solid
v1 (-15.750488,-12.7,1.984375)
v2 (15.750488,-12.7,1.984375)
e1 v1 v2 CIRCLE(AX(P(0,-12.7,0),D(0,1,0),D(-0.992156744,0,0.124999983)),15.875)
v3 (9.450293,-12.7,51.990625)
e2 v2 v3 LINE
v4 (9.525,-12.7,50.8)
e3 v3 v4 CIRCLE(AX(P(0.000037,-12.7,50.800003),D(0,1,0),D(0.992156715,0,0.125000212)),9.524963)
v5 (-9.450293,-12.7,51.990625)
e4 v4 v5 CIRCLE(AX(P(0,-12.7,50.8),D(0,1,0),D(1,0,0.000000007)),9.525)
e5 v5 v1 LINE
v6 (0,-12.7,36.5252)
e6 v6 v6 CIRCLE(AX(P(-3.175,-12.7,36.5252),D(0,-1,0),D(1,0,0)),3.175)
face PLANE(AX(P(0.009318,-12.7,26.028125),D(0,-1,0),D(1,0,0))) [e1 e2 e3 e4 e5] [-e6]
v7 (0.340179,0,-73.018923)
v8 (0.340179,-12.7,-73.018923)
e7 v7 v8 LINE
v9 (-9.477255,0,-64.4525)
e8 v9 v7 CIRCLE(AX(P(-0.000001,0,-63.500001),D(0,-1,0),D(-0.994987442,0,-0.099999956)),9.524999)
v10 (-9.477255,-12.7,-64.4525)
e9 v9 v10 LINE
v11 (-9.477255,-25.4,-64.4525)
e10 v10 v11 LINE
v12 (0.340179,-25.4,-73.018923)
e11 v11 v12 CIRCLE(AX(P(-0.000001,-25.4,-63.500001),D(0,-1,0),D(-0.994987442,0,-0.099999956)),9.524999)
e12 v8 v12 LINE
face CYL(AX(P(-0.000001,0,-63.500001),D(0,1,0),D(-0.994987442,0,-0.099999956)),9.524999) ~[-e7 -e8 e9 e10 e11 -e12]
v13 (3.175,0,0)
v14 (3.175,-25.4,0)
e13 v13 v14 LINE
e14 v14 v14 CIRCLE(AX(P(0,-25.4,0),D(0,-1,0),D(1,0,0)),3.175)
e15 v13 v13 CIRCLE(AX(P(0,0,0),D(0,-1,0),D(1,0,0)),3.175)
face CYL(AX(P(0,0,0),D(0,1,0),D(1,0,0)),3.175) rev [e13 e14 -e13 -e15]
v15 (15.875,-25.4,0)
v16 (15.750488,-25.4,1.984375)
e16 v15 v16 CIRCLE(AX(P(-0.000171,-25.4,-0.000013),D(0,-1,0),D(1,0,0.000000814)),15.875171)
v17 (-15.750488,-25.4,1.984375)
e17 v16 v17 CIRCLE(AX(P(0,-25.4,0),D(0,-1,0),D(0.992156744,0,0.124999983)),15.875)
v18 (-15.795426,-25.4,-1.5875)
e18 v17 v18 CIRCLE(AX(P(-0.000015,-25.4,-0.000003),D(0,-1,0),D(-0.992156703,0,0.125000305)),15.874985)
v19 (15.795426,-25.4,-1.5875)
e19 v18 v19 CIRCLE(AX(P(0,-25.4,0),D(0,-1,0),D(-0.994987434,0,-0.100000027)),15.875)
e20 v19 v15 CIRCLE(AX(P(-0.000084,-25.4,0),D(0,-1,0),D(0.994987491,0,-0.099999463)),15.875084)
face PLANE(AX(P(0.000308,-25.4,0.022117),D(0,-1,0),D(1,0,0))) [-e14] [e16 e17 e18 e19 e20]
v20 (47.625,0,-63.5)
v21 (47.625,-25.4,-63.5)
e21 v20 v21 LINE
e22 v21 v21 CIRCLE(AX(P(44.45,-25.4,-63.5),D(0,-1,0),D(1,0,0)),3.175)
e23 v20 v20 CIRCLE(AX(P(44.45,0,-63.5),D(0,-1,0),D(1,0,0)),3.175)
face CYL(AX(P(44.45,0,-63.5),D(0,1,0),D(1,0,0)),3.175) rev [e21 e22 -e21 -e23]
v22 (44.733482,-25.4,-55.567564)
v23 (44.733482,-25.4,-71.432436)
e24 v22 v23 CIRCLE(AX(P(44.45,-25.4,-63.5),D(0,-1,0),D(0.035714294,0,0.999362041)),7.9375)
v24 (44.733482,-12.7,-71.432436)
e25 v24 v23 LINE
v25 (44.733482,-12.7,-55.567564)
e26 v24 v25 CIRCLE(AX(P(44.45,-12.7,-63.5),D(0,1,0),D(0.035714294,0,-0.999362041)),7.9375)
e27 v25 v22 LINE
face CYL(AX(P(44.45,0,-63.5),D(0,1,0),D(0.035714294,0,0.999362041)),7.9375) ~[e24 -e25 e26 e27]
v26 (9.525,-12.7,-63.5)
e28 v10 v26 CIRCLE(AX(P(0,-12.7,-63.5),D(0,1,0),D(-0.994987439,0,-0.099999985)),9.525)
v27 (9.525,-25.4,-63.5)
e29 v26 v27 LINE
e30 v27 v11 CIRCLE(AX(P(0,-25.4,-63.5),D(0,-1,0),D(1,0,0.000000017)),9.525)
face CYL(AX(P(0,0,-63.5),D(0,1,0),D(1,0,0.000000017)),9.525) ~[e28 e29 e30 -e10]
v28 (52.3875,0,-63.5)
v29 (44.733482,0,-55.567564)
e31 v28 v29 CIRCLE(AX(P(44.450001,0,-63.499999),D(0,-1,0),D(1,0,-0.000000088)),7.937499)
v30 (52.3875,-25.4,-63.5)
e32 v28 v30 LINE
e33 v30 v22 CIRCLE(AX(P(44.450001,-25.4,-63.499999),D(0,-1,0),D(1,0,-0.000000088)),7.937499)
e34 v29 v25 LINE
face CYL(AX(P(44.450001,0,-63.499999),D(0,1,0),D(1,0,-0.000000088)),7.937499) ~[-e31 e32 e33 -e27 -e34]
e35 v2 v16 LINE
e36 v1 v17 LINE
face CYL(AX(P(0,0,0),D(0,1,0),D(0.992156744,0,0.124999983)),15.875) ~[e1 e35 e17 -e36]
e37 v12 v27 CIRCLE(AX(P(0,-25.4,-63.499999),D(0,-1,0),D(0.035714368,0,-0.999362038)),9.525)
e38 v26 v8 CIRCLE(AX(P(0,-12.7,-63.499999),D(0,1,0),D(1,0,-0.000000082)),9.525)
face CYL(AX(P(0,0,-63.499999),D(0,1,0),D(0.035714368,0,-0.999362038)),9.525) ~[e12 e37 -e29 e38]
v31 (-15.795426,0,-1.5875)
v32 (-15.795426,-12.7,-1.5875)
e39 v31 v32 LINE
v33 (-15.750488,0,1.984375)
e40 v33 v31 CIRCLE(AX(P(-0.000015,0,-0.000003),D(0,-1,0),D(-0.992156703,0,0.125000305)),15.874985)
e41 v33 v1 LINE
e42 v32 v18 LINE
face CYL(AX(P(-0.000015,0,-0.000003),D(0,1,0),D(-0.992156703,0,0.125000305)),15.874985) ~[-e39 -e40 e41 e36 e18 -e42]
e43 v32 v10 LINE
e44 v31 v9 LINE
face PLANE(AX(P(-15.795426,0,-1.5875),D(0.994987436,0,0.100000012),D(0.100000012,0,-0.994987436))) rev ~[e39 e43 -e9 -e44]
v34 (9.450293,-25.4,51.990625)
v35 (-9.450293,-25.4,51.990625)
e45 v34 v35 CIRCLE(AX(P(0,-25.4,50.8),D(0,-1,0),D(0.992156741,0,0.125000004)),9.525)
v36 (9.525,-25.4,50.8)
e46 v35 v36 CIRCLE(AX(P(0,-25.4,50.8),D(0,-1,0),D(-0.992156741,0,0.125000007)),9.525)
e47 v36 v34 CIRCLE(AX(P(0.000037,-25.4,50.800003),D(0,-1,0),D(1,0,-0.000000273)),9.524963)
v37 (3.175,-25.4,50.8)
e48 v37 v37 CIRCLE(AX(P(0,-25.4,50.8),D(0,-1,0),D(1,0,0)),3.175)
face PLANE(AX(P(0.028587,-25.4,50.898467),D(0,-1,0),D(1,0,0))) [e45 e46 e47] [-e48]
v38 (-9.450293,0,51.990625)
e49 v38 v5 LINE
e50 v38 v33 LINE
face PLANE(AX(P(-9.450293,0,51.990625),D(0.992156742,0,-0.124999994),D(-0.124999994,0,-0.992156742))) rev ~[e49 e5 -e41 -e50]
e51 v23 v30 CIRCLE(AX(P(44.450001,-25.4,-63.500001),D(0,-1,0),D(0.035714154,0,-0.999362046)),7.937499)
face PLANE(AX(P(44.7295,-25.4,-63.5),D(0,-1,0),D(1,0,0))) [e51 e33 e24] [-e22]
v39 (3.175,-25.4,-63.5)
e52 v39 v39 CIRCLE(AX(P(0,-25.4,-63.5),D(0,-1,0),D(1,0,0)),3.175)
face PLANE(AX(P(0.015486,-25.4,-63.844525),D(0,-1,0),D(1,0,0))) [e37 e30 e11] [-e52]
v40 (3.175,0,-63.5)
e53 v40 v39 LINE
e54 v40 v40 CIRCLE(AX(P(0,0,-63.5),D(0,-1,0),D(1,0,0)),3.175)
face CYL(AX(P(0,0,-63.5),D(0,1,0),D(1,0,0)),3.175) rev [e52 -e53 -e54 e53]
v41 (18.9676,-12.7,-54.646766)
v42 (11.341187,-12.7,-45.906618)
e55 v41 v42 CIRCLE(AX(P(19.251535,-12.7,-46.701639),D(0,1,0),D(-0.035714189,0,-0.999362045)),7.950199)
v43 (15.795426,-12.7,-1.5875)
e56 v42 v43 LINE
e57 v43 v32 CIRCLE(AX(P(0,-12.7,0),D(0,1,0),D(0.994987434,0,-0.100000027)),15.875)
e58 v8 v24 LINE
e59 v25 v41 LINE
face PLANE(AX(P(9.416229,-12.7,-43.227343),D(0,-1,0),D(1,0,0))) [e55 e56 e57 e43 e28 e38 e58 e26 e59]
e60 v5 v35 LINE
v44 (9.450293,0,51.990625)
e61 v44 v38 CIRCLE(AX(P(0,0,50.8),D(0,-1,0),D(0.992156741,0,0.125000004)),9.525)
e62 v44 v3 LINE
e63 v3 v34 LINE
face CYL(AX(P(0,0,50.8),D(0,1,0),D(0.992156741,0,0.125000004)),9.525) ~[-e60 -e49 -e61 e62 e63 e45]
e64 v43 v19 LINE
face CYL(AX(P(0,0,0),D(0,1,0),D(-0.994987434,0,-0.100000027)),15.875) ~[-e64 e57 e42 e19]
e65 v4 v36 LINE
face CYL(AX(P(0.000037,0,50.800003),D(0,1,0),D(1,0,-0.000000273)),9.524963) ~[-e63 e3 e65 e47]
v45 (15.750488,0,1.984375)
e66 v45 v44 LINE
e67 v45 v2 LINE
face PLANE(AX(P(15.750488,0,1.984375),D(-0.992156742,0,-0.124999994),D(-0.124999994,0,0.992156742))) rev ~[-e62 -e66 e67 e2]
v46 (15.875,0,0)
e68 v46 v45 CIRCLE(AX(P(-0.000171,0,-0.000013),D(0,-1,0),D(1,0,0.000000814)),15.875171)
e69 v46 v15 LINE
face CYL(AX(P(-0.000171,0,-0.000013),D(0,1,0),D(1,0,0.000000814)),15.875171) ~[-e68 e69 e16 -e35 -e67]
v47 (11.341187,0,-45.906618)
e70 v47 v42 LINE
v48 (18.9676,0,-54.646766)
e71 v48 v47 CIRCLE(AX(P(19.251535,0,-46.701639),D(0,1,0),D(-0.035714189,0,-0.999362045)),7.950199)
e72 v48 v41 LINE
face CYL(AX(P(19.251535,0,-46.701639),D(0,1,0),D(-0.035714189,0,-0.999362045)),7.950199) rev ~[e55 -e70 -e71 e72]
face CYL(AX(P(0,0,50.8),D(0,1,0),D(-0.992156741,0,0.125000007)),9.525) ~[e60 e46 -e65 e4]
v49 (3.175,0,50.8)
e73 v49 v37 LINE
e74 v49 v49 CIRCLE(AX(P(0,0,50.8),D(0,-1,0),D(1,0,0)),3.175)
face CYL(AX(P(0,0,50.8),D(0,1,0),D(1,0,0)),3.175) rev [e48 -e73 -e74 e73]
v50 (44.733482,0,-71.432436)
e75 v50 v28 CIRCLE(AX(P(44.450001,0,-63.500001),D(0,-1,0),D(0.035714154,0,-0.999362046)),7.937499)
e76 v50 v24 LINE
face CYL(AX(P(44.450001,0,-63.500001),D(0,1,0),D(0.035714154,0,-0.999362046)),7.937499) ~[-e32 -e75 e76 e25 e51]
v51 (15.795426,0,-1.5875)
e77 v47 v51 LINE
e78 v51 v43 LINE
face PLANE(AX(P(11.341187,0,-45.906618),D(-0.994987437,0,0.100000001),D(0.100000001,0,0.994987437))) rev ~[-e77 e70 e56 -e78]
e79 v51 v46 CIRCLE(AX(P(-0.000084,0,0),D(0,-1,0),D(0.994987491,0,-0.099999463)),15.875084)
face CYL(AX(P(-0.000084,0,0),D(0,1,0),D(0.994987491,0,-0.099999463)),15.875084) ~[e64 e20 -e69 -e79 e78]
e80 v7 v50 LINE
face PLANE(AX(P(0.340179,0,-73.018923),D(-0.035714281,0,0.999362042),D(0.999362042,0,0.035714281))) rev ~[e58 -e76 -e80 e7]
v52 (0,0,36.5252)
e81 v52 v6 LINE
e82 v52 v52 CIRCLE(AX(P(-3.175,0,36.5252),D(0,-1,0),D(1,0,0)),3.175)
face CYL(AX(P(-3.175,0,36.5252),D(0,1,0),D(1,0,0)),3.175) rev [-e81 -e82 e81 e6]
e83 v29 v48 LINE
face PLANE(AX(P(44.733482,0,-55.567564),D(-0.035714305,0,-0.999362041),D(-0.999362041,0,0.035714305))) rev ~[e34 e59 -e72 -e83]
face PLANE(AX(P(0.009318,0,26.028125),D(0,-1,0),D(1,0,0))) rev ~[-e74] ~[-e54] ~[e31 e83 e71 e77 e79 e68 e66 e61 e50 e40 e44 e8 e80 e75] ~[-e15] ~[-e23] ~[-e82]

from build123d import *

# Parameters (mm, degrees)
F0_R     = 3.175
F1_DEPTH = 25.4
F2_DEPTH = 12.7


with BuildPart() as f1:
    # F0 (on Front) → F1 (new body)
    with BuildSketch(Plane.XZ):
        with BuildLine():
            ThreePointArc((9.525, 50.8), (9.506305, 51.396483), (9.450293, 51.990625))
            ThreePointArc((9.450293, 51.990625), (0, 60.325), (-9.450293, 51.990625))
            ThreePointArc((-9.450293, 51.990625), (-0.596483, 41.293695), (9.525, 50.8))
        make_face()
        with Locations((0, 50.8)):
            Circle(F0_R, mode=Mode.SUBTRACT)
        with BuildLine():
            ThreePointArc((15.795426, -1.5875), (15.855094, -0.794747), (15.875, 0))
            ThreePointArc((15.875, 0), (15.843841, 0.994139), (15.750488, 1.984375))
            ThreePointArc((15.750488, 1.984375), (0, 15.875), (-15.750488, 1.984375))
            ThreePointArc((-15.750488, 1.984375), (-15.873744, 0.199705), (-15.795426, -1.5875))
            ThreePointArc((-15.795426, -1.5875), (0, -15.875), (15.795426, -1.5875))
        make_face()
        Circle(F0_R, mode=Mode.SUBTRACT)
        with BuildLine():
            ThreePointArc((9.525, -63.5), (-0.476848, -53.986944), (-9.477255, -64.4525))
            ThreePointArc((-9.477255, -64.4525), (-6.262383, -70.67692), (0.340179, -73.018923))
            ThreePointArc((0.340179, -73.018923), (6.854408, -70.113827), (9.525, -63.5))
        make_face()
        with Locations((0, -63.5)):
            Circle(F0_R, mode=Mode.SUBTRACT)
        with BuildLine():
            ThreePointArc((52.3875, -63.5), (50.162007, -57.988477), (44.733482, -55.567564))
            ThreePointArc((44.733482, -55.567564), (36.5125, -63.5), (44.733482, -71.432436))
            ThreePointArc((44.733482, -71.432436), (50.162007, -69.011523), (52.3875, -63.5))
        make_face()
        with Locations((44.45, -63.5)):
            Circle(F0_R, mode=Mode.SUBTRACT)
    extrude(amount=F1_DEPTH)

    # F0 (on Front) → F2 (join)
    with BuildSketch(Plane.XZ):
        with BuildLine():
            ThreePointArc((-15.750488, 1.984375), (0, 15.875), (15.750488, 1.984375))
            Line((15.750488, 1.984375), (9.450293, 51.990625))
            ThreePointArc((9.450293, 51.990625), (9.506305, 51.396483), (9.525, 50.8))
            ThreePointArc((9.525, 50.8), (-0.596483, 41.293695), (-9.450293, 51.990625))
            Line((-9.450293, 51.990625), (-15.750488, 1.984375))
        make_face()
        with Locations((-3.175, 36.5252)):
            Circle(F0_R, mode=Mode.SUBTRACT)
        with BuildLine():
            Line((11.341187, -45.906618), (15.795426, -1.5875))
            ThreePointArc((15.795426, -1.5875), (0, -15.875), (-15.795426, -1.5875))
            Line((-15.795426, -1.5875), (-9.477255, -64.4525))
            ThreePointArc((-9.477255, -64.4525), (-0.476848, -53.986944), (9.525, -63.5))
            ThreePointArc((9.525, -63.5), (6.854408, -70.113827), (0.340179, -73.018923))
            Line((0.340179, -73.018923), (44.733482, -71.432436))
            ThreePointArc((44.733482, -71.432436), (36.5125, -63.5), (44.733482, -55.567564))
            Line((44.733482, -55.567564), (18.9676, -54.646766))
            ThreePointArc((18.9676, -54.646766), (13.2612, -51.928641), (11.341187, -45.906618))
        make_face()
    extrude(amount=F2_DEPTH)


solid = f1.part
